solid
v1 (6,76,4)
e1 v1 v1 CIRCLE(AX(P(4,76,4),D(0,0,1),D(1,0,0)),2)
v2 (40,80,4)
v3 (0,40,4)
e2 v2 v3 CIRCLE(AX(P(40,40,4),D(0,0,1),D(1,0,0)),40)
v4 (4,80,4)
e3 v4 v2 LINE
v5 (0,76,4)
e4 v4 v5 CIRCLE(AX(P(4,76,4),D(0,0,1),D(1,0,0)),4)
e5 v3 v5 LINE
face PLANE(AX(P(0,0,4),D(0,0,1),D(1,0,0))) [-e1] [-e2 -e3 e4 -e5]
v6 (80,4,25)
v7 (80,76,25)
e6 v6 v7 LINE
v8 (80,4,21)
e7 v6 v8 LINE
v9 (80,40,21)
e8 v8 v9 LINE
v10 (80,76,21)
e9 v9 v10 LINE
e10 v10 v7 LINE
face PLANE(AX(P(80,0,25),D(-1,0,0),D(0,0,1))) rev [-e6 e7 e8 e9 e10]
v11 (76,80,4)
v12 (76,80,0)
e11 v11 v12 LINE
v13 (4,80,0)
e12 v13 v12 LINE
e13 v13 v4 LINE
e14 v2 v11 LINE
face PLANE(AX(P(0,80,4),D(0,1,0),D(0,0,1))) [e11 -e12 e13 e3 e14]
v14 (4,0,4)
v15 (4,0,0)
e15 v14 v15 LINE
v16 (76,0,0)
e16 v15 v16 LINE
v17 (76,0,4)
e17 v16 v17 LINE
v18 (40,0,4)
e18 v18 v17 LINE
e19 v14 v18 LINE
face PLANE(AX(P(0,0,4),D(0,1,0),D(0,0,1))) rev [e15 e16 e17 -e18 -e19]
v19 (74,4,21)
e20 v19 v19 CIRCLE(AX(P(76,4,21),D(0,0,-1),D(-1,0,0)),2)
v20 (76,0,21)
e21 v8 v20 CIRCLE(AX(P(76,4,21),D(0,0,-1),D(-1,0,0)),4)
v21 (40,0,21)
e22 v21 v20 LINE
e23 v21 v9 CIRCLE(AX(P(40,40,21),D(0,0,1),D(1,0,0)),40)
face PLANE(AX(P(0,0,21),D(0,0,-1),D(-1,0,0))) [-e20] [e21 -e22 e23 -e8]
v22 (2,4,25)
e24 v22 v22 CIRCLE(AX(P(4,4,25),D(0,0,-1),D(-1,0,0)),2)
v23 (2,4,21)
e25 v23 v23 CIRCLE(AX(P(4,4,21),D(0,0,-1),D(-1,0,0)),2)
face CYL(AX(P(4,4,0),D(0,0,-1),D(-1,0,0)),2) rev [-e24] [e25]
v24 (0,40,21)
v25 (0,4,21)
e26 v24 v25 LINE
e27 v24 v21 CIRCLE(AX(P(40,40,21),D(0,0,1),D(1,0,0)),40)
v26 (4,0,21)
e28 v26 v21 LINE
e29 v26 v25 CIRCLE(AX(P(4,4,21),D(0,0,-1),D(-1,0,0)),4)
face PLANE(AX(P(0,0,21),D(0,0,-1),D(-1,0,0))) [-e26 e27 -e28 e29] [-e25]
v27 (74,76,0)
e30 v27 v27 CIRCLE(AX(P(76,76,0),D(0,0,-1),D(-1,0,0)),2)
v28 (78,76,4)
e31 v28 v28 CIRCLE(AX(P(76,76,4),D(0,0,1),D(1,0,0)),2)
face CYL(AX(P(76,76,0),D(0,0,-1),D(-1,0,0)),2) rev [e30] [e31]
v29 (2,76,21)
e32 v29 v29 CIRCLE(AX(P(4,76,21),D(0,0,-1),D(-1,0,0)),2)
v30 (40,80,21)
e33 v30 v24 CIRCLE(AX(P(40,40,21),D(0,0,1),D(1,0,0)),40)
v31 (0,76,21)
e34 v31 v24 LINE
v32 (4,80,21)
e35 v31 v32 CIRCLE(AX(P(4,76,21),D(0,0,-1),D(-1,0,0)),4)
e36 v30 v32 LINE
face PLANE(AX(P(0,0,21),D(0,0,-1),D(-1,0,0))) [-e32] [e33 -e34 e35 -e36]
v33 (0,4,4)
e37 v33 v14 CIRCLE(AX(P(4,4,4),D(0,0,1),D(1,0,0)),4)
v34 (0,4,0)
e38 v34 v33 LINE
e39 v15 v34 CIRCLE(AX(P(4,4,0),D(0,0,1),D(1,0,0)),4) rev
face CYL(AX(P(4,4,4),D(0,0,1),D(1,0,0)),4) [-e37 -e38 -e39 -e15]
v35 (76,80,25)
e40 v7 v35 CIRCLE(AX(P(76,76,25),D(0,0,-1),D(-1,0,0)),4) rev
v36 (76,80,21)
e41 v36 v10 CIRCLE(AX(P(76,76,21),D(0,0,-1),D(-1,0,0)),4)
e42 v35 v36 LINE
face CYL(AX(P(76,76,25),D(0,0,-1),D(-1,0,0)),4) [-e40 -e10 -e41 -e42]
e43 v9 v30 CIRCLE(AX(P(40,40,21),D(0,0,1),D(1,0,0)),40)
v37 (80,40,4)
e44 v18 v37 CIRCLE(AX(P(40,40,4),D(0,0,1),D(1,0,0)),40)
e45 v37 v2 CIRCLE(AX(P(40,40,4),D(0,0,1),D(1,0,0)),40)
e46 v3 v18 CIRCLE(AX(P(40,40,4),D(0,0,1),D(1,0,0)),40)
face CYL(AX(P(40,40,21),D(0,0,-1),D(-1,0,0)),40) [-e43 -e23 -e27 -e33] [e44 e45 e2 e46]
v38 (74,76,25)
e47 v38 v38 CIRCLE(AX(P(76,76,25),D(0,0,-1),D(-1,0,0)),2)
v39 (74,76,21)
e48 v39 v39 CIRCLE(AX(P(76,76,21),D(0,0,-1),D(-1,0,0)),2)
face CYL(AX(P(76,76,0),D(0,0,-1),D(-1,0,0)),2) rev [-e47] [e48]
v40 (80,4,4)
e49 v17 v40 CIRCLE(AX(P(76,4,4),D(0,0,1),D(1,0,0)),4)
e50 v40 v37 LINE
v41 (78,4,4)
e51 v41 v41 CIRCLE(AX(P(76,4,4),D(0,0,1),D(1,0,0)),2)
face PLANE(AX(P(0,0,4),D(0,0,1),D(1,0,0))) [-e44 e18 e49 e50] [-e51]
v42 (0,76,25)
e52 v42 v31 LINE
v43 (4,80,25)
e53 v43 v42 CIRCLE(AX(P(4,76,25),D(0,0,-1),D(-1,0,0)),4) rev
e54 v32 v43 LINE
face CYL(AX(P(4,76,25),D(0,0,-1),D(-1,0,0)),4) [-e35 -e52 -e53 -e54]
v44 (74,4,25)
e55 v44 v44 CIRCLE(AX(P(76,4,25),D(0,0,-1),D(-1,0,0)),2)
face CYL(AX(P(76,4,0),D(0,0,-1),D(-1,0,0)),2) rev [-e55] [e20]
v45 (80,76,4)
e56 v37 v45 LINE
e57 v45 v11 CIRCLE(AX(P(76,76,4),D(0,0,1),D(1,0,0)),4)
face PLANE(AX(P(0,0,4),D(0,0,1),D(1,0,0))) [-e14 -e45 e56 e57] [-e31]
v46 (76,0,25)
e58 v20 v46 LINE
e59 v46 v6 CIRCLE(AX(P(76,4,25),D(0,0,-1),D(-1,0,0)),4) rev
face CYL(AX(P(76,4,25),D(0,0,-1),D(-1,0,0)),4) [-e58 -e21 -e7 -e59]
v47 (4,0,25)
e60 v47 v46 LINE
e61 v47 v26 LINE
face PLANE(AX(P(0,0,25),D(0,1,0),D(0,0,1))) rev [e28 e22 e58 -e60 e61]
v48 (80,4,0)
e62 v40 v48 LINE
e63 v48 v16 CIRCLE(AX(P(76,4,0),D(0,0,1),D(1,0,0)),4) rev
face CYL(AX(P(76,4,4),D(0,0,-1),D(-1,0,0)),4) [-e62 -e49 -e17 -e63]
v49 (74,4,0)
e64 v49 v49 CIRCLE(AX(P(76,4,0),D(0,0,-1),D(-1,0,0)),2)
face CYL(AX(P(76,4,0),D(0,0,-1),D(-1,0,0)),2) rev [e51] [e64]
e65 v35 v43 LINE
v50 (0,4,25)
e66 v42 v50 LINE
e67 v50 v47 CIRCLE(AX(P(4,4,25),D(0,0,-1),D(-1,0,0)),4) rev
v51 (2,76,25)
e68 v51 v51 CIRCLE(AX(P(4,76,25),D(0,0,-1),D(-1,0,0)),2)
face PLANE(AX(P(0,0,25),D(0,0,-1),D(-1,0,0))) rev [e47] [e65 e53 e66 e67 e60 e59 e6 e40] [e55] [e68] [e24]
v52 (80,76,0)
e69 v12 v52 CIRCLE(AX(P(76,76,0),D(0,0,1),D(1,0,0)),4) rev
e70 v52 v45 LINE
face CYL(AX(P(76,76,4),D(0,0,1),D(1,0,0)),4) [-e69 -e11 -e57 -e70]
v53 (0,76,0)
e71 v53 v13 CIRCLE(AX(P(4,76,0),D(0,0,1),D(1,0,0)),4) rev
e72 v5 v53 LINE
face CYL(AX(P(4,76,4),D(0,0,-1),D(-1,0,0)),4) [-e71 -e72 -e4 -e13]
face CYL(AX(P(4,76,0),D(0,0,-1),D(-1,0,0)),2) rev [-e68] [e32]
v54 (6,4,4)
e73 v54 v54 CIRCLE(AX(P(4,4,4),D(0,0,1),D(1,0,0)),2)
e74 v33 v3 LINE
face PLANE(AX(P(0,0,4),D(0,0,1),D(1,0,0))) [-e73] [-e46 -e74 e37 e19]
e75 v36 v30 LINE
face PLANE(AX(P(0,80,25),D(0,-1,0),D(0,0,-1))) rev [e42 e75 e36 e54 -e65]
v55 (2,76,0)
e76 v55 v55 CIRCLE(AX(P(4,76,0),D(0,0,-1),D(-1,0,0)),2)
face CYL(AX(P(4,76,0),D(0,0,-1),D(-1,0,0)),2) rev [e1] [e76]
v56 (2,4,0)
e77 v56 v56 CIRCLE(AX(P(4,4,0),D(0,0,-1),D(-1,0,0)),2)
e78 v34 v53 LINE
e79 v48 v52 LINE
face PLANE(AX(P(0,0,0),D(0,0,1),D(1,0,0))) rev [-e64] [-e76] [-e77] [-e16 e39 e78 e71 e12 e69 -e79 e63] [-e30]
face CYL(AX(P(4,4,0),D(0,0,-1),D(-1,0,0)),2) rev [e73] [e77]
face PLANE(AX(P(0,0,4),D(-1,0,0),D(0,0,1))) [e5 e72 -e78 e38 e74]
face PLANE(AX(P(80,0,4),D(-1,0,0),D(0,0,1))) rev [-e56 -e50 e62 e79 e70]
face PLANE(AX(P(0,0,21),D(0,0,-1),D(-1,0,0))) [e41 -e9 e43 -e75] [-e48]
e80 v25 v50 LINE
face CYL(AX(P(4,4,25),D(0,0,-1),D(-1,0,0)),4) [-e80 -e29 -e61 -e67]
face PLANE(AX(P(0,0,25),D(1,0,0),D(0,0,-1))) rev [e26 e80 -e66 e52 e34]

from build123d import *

# Parameters (mm, degrees)
SKETCH1_W             = 80
SKETCH1_H             = 80
BOSS_EXTRUDE1_DEPTH   = 4
FILLET2_R             = 4
SKETCH3_R             = 40
BOSS_EXTRUDE2_DEPTH   = 17
SKETCH4_W             = 80
SKETCH4_H             = 80
BOSS_EXTRUDE3_DEPTH   = 4
FILLET3_R             = 4
F_4_0MM_DOWEL_HOLE1_D = 4


with BuildPart() as part:
    # Sketch1 → Boss-Extrude1 (new body)
    with BuildSketch(Plane.XY):
        with Locations((40, 40)):
            Rectangle(SKETCH1_W, SKETCH1_H)
    extrude(amount=BOSS_EXTRUDE1_DEPTH)

    # Fillet2
    fillet2_edges = [part.edges().sort_by_distance(p)[0] for p in [
        (0, 0, 2),
        (0, 80, 2),
        (80, 80, 2),
        (80, 0, 2),
    ]]
    fillet(fillet2_edges, radius=FILLET2_R)

    # Sketch3 → Boss-Extrude2 (add)
    with BuildSketch(Plane.XY.offset(4)):
        with Locations((40, 40)):
            Circle(SKETCH3_R)
    extrude(amount=BOSS_EXTRUDE2_DEPTH)

    # Sketch4 → Boss-Extrude3 (add)
    with BuildSketch(Plane.XY.offset(21)):
        with Locations((40, 40)):
            Rectangle(SKETCH4_W, SKETCH4_H)
    extrude(amount=BOSS_EXTRUDE3_DEPTH)

    # Fillet3
    fillet3_edges = [part.edges().sort_by_distance(p)[0] for p in [
        (0, 80, 23),
        (0, 0, 23),
        (80, 0, 23),
        (80, 80, 23),
    ]]
    fillet(fillet3_edges, radius=FILLET3_R)

    # Ø4.0mm Dowel Hole1 (through all)
    with Locations(Plane(origin=(0, 0, 0), x_dir=(-1, 0, 0), z_dir=(0, 0, -1))):
        with Locations((-76, 76), (-4, 76), (-4, 4), (-76, 4)):
            Hole(F_4_0MM_DOWEL_HOLE1_D / 2)


solid = part.part
